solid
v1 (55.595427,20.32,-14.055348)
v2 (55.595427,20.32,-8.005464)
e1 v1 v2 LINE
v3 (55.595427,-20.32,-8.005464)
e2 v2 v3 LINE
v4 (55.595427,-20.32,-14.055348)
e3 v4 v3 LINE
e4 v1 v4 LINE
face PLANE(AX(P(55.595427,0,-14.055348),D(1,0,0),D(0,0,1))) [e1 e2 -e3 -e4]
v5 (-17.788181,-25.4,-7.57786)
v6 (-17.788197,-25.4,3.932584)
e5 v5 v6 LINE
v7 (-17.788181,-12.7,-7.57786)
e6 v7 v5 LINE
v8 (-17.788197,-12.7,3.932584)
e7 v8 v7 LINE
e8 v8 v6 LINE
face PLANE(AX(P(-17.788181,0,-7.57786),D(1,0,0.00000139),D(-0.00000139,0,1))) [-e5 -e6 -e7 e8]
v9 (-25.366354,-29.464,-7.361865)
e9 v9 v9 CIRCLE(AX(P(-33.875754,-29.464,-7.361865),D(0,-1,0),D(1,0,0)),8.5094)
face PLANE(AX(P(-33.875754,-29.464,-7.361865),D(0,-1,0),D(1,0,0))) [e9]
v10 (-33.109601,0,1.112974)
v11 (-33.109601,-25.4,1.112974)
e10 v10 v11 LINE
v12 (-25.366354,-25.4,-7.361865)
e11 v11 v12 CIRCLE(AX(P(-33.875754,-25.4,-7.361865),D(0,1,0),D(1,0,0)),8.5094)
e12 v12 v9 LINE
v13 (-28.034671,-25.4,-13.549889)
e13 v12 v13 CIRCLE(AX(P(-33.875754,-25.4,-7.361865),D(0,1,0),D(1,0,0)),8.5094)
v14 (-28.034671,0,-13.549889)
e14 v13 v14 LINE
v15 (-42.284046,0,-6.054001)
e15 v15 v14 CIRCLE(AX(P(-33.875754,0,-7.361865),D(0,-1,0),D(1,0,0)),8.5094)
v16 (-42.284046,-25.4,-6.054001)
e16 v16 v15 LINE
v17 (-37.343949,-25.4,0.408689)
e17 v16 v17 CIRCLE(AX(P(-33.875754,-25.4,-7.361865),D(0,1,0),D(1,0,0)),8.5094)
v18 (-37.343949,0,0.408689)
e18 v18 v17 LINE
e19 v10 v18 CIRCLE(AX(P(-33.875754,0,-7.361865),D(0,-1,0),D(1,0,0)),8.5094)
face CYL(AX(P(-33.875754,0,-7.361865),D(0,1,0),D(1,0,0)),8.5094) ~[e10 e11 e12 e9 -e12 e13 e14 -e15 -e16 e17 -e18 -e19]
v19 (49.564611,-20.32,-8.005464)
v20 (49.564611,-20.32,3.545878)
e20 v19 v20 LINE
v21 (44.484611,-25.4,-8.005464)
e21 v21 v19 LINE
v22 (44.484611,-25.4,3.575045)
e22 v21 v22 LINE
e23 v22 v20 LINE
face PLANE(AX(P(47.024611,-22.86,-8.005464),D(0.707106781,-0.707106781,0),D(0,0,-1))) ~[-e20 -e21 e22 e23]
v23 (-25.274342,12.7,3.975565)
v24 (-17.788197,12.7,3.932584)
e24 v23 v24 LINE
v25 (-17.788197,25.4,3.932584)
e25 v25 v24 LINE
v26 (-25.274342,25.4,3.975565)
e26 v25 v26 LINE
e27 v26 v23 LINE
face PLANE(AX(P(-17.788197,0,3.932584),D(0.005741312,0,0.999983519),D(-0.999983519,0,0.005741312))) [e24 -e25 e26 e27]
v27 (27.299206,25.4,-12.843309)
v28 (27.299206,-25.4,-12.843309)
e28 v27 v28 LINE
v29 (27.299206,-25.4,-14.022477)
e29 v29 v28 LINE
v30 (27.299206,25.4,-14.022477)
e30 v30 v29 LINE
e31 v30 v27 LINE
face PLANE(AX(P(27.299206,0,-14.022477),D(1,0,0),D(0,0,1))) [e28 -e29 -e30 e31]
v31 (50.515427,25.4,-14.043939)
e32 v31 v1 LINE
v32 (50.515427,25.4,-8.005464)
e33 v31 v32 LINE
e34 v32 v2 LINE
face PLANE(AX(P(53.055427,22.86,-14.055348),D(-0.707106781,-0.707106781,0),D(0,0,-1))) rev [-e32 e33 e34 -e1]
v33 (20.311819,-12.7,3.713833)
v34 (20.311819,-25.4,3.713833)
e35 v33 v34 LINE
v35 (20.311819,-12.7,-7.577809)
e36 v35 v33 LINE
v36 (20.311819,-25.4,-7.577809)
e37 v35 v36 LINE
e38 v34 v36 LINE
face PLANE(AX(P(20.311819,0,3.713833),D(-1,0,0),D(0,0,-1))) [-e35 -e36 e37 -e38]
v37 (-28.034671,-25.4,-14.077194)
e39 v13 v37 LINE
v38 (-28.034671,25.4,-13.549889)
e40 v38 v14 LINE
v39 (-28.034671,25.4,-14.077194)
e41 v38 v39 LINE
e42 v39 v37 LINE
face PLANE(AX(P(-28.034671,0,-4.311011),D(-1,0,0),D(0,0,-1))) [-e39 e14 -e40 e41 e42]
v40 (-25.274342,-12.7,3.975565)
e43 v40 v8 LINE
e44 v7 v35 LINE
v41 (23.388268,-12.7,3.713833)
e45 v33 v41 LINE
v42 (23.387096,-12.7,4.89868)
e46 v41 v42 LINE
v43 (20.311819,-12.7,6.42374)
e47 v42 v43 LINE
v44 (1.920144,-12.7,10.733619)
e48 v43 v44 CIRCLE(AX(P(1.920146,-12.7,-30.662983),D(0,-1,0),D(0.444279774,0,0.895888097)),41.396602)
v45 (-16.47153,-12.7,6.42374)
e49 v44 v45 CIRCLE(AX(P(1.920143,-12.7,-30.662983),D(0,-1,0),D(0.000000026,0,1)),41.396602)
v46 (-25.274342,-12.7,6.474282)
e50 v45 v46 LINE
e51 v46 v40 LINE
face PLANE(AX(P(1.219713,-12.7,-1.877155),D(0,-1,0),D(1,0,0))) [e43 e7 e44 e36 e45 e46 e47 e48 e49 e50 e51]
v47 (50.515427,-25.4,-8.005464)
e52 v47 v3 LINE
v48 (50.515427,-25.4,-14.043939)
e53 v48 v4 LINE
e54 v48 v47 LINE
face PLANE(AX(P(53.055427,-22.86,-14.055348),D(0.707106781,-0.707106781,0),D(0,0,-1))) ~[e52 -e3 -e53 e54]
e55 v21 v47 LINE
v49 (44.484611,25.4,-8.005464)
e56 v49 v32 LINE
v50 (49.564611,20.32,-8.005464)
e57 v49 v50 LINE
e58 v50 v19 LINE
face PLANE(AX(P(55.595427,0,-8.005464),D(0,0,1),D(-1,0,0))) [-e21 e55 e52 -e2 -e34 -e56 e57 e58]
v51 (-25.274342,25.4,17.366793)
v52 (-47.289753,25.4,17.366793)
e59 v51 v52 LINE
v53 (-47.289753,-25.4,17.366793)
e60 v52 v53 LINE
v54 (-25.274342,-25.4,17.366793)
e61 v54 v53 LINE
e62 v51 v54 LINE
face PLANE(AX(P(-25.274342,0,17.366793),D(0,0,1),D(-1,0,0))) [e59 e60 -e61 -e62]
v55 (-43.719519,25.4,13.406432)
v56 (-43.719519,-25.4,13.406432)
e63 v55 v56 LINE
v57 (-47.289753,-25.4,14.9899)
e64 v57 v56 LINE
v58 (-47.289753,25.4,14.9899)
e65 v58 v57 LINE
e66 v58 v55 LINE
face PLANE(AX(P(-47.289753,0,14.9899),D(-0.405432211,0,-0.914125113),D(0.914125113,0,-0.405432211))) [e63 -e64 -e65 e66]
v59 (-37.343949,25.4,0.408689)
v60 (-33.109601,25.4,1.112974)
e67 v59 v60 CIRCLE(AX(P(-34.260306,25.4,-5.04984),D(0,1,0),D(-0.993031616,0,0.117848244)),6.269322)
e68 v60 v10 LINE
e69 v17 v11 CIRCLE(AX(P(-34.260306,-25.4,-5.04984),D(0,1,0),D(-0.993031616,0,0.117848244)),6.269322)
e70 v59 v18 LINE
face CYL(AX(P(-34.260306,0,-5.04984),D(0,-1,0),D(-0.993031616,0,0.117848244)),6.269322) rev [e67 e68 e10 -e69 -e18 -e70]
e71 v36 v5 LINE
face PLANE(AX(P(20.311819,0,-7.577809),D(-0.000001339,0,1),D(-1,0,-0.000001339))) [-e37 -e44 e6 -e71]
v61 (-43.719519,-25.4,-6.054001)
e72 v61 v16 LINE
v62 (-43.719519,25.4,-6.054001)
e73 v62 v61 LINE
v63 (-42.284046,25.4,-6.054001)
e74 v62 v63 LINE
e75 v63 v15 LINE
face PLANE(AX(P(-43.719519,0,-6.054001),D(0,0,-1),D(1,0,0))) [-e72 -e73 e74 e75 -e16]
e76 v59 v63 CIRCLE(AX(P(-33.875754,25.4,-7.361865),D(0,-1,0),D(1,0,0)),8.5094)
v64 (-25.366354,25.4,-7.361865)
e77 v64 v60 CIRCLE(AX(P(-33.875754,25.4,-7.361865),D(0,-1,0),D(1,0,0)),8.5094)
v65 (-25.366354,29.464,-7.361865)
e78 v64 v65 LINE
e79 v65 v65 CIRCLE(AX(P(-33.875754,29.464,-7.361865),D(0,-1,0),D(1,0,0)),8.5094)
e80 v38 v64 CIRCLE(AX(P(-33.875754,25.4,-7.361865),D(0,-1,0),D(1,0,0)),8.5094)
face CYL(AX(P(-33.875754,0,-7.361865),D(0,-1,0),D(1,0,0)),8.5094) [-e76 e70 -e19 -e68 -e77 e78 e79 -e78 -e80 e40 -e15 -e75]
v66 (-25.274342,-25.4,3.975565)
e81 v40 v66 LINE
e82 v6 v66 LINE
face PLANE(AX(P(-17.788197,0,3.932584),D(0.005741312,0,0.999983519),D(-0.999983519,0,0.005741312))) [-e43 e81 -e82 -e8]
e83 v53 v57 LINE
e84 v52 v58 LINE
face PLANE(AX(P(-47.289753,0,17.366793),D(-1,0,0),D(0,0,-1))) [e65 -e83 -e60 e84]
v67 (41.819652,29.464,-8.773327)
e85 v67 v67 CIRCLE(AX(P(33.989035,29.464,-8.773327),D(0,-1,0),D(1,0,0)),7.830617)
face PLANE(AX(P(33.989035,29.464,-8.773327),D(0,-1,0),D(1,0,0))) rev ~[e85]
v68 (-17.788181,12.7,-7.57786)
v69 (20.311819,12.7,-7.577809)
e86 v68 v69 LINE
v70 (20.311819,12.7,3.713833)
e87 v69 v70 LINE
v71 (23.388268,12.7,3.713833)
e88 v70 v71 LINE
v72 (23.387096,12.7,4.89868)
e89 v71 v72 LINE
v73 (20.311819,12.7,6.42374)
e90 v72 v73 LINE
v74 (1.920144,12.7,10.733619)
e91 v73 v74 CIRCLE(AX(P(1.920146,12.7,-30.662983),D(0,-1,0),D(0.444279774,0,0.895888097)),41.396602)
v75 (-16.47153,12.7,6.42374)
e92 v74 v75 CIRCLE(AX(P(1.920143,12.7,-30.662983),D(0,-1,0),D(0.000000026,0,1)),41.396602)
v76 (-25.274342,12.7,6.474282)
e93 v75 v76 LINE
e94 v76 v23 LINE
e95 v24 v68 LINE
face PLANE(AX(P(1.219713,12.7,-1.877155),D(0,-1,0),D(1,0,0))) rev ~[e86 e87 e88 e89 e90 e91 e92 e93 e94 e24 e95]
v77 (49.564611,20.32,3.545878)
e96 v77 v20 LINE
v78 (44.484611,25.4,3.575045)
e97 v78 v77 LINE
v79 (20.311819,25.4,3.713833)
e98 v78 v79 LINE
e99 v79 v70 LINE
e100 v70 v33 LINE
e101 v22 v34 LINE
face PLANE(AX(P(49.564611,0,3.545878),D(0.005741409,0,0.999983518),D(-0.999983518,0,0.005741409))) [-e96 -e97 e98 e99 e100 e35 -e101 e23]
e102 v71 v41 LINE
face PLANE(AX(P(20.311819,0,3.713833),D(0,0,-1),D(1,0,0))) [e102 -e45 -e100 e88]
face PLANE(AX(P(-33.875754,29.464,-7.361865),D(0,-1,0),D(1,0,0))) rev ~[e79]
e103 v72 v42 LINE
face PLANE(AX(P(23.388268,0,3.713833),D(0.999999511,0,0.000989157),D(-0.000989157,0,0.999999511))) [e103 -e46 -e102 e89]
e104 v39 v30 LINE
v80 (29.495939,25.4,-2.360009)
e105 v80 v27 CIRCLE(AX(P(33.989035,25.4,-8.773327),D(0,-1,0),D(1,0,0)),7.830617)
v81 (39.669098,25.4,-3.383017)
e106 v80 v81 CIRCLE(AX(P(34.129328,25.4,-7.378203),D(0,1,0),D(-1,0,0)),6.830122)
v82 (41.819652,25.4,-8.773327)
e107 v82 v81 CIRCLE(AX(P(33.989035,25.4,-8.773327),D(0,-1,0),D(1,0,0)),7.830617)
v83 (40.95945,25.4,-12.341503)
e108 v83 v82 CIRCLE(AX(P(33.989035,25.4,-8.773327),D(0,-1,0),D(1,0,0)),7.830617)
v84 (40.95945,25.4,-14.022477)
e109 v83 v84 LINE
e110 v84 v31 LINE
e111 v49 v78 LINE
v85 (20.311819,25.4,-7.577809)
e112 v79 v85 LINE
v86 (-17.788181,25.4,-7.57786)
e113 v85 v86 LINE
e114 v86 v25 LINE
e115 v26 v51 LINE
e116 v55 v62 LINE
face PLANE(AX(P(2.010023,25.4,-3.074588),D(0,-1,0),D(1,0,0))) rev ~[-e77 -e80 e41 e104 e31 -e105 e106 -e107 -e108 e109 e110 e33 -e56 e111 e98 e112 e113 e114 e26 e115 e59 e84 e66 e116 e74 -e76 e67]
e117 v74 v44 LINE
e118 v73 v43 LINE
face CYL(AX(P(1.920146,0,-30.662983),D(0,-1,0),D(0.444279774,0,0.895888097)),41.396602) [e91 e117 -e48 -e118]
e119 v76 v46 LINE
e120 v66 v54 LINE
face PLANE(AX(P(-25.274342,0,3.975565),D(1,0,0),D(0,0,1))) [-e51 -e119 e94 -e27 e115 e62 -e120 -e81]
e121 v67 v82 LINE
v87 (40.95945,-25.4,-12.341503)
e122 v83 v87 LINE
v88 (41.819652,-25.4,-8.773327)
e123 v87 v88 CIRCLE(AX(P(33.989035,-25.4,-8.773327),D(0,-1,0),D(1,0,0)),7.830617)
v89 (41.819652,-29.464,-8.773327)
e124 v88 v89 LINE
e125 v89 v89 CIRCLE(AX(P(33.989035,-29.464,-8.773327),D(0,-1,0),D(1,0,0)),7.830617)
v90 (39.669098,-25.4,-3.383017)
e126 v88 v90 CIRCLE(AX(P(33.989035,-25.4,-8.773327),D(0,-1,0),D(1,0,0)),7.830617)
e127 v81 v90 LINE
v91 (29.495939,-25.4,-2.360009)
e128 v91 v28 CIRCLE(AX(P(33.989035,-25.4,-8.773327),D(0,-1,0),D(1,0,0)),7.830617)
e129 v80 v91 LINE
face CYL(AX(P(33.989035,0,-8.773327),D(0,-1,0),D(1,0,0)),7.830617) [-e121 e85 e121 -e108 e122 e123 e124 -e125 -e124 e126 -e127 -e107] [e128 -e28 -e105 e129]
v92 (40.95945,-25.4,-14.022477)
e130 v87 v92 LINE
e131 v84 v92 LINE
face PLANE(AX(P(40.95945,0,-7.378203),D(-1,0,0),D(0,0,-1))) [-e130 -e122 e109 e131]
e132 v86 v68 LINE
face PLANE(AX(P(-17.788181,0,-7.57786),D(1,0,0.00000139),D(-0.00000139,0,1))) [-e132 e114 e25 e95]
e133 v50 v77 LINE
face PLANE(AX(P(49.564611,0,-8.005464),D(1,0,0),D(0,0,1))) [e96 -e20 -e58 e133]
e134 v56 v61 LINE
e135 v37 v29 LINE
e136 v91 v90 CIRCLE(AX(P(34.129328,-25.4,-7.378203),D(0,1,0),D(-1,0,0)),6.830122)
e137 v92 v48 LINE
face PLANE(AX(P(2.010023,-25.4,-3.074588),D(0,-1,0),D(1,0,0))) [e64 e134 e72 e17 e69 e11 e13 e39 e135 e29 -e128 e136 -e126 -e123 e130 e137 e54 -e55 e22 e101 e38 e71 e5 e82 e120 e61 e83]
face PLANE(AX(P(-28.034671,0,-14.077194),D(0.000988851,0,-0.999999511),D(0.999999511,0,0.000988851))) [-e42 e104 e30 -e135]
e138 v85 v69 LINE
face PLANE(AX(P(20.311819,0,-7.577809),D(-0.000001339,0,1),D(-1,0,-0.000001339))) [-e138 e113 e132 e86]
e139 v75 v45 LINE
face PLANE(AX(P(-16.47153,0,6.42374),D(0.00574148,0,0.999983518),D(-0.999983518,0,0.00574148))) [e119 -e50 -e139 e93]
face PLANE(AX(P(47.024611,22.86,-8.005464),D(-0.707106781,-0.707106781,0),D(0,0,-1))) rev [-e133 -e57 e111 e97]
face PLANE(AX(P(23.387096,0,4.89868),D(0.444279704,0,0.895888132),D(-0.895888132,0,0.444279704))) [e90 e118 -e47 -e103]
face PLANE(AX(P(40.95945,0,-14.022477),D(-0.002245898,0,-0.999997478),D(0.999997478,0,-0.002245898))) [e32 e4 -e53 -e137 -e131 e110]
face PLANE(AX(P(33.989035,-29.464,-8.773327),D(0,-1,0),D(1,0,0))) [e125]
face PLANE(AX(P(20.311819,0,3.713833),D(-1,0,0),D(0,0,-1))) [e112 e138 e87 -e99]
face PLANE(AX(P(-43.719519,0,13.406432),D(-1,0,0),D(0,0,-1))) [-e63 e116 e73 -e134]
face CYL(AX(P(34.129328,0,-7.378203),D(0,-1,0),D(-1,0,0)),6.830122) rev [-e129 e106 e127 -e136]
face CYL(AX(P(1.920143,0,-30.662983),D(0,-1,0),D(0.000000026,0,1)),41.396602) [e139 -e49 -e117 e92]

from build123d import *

# Parameters (mm, degrees)
F1_DEPTH = 25.4
F2_DEPTH = 12.7
F3_SIZE  = 5.08
F4_R     = 8.5094
F4_R_2   = 7.830617
F5_DEPTH = 29.464


with BuildPart() as f1:
    # F0 (on Front) → F1 (new body, symmetric)
    with BuildSketch(Plane.XZ):
        with BuildLine():
            Line((-28.034671, -4.311011), (-28.034671, -14.077194))
            Line((-28.034671, -14.077194), (27.299206, -14.022477))
            Line((27.299206, -14.022477), (27.299206, -7.378203))
            ThreePointArc((27.299206, -7.378203), (34.129328, -0.548081), (40.95945, -7.378203))
            Line((40.95945, -7.378203), (40.95945, -14.022477))
            Line((40.95945, -14.022477), (55.595427, -14.055348))
            Line((55.595427, -14.055348), (55.595427, -8.005464))
            Line((55.595427, -8.005464), (49.564611, -8.005464))
            Line((49.564611, -8.005464), (49.564611, 3.545878))
            Line((49.564611, 3.545878), (20.311819, 3.713833))
            Line((20.311819, 3.713833), (20.311819, -7.577809))
            Line((20.311819, -7.577809), (-17.788181, -7.57786))
            Line((-17.788181, -7.57786), (-17.788197, 3.932584))
            Line((-17.788197, 3.932584), (-25.274342, 3.975565))
            Line((-25.274342, 3.975565), (-25.274342, 6.474282))
            Line((-25.274342, 6.474282), (-25.274342, 17.366793))
            Line((-25.274342, 17.366793), (-47.289753, 17.366793))
            Line((-47.289753, 17.366793), (-47.289753, 14.9899))
            Line((-47.289753, 14.9899), (-43.719519, 13.406432))
            Line((-43.719519, 13.406432), (-43.719519, -6.054001))
            Line((-43.719519, -6.054001), (-40.48594, -6.054001))
            Line((-40.48594, -6.054001), (-40.48594, -4.311011))
            ThreePointArc((-40.48594, -4.311011), (-34.260305, 1.219482), (-28.034671, -4.311011))
        make_face()
    extrude(amount=F1_DEPTH, both=True)

    # F0 (on Front) → F2 (join, symmetric)
    with BuildSketch(Plane.XZ):
        Polygon((20.311819, -7.577809), (20.311819, 3.713833), (1.920144, 3.819428), (-16.471527, 3.925024), (-17.788197, 3.932584), (-17.788181, -7.57786), align=None)
        with BuildLine():
            Line((-16.471527, 3.925024), (1.920144, 3.819428))
            Line((1.920144, 3.819428), (1.920144, 10.733619))
            ThreePointArc((1.920144, 10.733619), (-7.524811, 9.64175), (-16.47153, 6.42374))
            Line((-16.47153, 6.42374), (-16.471527, 3.925024))
        make_face()
        Polygon((-16.47153, 6.42374), (-25.274342, 6.474282), (-25.274342, 3.975565), (-17.788197, 3.932584), (-16.471527, 3.925024), align=None)
        with BuildLine():
            Line((1.920144, 3.819428), (20.311819, 3.713833))
            Line((20.311819, 3.713833), (20.311819, 6.42374))
            ThreePointArc((20.311819, 6.42374), (11.3651, 9.64175), (1.920144, 10.733619))
            Line((1.920144, 10.733619), (1.920144, 3.819428))
        make_face()
        Polygon((20.311819, 6.42374), (20.311819, 3.713833), (23.388268, 3.713833), (23.387096, 4.89868), align=None)
    extrude(amount=F2_DEPTH, both=True)

    # F3
    f3_edges = [f1.edges().sort_by_distance(p)[0] for p in [
        (49.564611, 25.4, -2.229793),
        (55.595427, 25.4, -11.030406),
        (49.564611, -25.4, -2.229793),
        (55.595427, -25.4, -11.030406),
    ]]
    chamfer(f3_edges, length=F3_SIZE)

    # F4 (on Front) → F5 (join, symmetric)
    with BuildSketch(Plane.XZ):
        with Locations((-33.875754, -7.361865)):
            Circle(F4_R)
        with Locations((33.989035, -8.773327)):
            Circle(F4_R_2)
    extrude(amount=F5_DEPTH, both=True)


solid = f1.part
